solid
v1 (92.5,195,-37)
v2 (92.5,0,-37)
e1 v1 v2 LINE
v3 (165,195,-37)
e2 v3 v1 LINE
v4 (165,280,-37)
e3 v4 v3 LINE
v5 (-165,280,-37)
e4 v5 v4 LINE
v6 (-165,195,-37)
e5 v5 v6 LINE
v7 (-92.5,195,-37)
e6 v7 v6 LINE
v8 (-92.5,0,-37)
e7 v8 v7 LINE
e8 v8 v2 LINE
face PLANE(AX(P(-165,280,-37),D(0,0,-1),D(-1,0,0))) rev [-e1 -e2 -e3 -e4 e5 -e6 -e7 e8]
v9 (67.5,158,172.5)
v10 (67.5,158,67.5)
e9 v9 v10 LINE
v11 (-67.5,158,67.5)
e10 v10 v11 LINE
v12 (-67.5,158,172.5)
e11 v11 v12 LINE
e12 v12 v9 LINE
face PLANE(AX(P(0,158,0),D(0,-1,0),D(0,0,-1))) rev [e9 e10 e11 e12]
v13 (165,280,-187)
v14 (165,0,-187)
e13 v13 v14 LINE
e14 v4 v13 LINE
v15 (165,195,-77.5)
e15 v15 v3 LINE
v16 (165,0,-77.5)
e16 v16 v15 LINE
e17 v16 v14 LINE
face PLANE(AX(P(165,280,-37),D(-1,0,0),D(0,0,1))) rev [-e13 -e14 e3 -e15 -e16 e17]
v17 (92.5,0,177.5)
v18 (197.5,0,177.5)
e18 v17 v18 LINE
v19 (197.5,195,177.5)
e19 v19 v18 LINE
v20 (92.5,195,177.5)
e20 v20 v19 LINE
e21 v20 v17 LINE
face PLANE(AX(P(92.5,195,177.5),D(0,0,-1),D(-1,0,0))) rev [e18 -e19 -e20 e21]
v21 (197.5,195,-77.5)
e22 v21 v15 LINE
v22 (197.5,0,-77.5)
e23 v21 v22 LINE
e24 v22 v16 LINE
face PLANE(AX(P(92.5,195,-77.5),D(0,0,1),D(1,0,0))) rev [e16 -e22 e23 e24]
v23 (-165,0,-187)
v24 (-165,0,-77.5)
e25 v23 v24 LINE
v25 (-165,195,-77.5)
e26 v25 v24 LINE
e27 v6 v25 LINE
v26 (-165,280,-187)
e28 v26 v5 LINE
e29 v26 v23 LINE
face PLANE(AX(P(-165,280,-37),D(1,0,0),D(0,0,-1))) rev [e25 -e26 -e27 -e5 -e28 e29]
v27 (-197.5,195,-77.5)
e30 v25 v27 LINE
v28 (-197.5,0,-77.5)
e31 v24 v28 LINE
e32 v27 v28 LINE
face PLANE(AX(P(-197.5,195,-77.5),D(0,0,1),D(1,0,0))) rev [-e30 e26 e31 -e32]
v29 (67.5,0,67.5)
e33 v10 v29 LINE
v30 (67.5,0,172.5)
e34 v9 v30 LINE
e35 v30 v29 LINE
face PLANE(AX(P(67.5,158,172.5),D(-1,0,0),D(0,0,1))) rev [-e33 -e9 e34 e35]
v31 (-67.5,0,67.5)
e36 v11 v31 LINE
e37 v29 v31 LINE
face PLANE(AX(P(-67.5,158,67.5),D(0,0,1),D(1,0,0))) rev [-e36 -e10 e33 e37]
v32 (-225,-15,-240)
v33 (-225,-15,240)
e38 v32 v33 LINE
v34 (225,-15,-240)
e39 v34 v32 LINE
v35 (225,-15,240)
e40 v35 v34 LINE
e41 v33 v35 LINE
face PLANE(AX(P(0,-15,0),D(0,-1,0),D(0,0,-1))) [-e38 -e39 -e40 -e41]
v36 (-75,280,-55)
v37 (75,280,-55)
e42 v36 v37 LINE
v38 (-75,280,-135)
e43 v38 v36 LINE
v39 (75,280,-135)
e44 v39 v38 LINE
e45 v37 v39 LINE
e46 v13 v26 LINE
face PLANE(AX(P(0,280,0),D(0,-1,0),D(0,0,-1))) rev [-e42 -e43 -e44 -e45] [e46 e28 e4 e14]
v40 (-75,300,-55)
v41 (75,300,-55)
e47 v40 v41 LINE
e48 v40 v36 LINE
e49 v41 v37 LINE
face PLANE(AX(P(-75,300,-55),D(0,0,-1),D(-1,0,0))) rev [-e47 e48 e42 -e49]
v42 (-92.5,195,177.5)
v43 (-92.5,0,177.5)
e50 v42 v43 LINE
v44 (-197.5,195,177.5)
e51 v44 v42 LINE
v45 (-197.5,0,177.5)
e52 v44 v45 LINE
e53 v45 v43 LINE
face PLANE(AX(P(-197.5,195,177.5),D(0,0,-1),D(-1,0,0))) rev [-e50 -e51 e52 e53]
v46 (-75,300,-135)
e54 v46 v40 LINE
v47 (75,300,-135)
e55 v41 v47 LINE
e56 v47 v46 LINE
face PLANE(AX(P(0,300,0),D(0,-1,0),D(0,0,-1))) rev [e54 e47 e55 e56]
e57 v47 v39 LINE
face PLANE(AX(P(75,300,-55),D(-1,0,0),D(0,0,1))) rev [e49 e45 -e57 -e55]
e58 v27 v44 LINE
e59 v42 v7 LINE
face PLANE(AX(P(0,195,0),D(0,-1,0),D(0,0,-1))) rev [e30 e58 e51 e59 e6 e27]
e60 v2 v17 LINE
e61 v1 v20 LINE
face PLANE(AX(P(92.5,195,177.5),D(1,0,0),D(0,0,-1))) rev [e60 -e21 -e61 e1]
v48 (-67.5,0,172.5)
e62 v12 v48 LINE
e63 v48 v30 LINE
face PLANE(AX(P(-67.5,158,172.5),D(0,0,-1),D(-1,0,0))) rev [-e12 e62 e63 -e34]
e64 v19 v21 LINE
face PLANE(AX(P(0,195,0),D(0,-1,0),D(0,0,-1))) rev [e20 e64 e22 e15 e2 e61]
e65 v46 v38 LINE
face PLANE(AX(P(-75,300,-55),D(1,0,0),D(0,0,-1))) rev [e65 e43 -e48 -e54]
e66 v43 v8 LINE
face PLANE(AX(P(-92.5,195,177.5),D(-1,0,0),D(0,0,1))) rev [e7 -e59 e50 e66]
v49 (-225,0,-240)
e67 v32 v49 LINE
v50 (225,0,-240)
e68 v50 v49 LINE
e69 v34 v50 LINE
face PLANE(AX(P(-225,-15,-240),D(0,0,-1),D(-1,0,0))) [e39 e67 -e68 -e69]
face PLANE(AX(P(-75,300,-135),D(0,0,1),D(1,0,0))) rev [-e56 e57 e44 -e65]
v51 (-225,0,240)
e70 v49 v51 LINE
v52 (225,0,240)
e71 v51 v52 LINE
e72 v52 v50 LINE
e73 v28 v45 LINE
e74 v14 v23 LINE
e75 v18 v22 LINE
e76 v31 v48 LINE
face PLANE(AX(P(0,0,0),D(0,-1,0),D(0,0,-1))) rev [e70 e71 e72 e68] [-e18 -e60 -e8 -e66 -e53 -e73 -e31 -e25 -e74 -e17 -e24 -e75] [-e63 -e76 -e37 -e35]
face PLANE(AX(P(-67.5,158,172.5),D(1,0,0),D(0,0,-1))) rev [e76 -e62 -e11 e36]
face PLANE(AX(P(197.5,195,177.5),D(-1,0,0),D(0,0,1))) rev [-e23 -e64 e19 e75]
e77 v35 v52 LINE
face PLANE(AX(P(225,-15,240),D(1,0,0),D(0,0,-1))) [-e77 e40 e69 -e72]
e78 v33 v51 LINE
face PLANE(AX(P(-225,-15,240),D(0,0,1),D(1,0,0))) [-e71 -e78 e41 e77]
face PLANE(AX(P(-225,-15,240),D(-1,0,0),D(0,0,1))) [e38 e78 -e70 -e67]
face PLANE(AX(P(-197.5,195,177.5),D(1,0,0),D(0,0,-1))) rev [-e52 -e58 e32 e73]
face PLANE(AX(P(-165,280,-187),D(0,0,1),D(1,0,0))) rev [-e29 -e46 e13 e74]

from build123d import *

# Parameters (mm, degrees)
SKETCH_1_W      = 450
SKETCH_1_H      = 480
EXTRUDE_1_DEPTH = 15
SKETCH_2_W      = 330
SKETCH_2_H      = 150
EXTRUDE_2_DEPTH = 280
SKETCH_3_W      = 105
SKETCH_3_H      = 255
EXTRUDE_3_DEPTH = 195
SKETCH_4_W      = 105
SKETCH_4_H      = 255
EXTRUDE_4_DEPTH = 195
SKETCH_5_W      = 135
SKETCH_5_H      = 105
EXTRUDE_5_DEPTH = 158
SKETCH_6_W      = 150
SKETCH_6_H      = 80
EXTRUDE_6_DEPTH = 300


with BuildPart() as part:
    # 草图1 → 凸台-拉伸1 (new body)
    with BuildSketch(Plane(origin=(0, 0, 0), x_dir=(1, 0, 0), z_dir=(0, 1, 0))):
        Rectangle(SKETCH_1_W, SKETCH_1_H)
    extrude(amount=-EXTRUDE_1_DEPTH)

    # 草图2 → 凸台-拉伸2 (add)
    with BuildSketch(Plane(origin=(0, 0, 0), x_dir=(1, 0, 0), z_dir=(0, 1, 0))):
        with Locations((0, 112)):
            Rectangle(SKETCH_2_W, SKETCH_2_H)
    extrude(amount=EXTRUDE_2_DEPTH)

    # 草图3 → 凸台-拉伸3 (add)
    with BuildSketch(Plane(origin=(0, 0, 0), x_dir=(1, 0, 0), z_dir=(0, 1, 0))):
        with Locations((-145, -50)):
            Rectangle(SKETCH_3_W, SKETCH_3_H)
    extrude(amount=EXTRUDE_3_DEPTH)

    # 草图4 → 凸台-拉伸4 (add)
    with BuildSketch(Plane(origin=(0, 0, 0), x_dir=(1, 0, 0), z_dir=(0, 1, 0))):
        with Locations((145, -50)):
            Rectangle(SKETCH_4_W, SKETCH_4_H)
    extrude(amount=EXTRUDE_4_DEPTH)

    # 草图5 → 凸台-拉伸5 (add)
    with BuildSketch(Plane(origin=(0, 0, 0), x_dir=(1, 0, 0), z_dir=(0, 1, 0))):
        with Locations((0, -120)):
            Rectangle(SKETCH_5_W, SKETCH_5_H)
    extrude(amount=EXTRUDE_5_DEPTH)

    # 草图6 → 凸台-拉伸6 (add)
    with BuildSketch(Plane(origin=(0, 0, 0), x_dir=(1, 0, 0), z_dir=(0, 1, 0))):
        with Locations((0, 95)):
            Rectangle(SKETCH_6_W, SKETCH_6_H)
    extrude(amount=EXTRUDE_6_DEPTH)


solid = part.part
